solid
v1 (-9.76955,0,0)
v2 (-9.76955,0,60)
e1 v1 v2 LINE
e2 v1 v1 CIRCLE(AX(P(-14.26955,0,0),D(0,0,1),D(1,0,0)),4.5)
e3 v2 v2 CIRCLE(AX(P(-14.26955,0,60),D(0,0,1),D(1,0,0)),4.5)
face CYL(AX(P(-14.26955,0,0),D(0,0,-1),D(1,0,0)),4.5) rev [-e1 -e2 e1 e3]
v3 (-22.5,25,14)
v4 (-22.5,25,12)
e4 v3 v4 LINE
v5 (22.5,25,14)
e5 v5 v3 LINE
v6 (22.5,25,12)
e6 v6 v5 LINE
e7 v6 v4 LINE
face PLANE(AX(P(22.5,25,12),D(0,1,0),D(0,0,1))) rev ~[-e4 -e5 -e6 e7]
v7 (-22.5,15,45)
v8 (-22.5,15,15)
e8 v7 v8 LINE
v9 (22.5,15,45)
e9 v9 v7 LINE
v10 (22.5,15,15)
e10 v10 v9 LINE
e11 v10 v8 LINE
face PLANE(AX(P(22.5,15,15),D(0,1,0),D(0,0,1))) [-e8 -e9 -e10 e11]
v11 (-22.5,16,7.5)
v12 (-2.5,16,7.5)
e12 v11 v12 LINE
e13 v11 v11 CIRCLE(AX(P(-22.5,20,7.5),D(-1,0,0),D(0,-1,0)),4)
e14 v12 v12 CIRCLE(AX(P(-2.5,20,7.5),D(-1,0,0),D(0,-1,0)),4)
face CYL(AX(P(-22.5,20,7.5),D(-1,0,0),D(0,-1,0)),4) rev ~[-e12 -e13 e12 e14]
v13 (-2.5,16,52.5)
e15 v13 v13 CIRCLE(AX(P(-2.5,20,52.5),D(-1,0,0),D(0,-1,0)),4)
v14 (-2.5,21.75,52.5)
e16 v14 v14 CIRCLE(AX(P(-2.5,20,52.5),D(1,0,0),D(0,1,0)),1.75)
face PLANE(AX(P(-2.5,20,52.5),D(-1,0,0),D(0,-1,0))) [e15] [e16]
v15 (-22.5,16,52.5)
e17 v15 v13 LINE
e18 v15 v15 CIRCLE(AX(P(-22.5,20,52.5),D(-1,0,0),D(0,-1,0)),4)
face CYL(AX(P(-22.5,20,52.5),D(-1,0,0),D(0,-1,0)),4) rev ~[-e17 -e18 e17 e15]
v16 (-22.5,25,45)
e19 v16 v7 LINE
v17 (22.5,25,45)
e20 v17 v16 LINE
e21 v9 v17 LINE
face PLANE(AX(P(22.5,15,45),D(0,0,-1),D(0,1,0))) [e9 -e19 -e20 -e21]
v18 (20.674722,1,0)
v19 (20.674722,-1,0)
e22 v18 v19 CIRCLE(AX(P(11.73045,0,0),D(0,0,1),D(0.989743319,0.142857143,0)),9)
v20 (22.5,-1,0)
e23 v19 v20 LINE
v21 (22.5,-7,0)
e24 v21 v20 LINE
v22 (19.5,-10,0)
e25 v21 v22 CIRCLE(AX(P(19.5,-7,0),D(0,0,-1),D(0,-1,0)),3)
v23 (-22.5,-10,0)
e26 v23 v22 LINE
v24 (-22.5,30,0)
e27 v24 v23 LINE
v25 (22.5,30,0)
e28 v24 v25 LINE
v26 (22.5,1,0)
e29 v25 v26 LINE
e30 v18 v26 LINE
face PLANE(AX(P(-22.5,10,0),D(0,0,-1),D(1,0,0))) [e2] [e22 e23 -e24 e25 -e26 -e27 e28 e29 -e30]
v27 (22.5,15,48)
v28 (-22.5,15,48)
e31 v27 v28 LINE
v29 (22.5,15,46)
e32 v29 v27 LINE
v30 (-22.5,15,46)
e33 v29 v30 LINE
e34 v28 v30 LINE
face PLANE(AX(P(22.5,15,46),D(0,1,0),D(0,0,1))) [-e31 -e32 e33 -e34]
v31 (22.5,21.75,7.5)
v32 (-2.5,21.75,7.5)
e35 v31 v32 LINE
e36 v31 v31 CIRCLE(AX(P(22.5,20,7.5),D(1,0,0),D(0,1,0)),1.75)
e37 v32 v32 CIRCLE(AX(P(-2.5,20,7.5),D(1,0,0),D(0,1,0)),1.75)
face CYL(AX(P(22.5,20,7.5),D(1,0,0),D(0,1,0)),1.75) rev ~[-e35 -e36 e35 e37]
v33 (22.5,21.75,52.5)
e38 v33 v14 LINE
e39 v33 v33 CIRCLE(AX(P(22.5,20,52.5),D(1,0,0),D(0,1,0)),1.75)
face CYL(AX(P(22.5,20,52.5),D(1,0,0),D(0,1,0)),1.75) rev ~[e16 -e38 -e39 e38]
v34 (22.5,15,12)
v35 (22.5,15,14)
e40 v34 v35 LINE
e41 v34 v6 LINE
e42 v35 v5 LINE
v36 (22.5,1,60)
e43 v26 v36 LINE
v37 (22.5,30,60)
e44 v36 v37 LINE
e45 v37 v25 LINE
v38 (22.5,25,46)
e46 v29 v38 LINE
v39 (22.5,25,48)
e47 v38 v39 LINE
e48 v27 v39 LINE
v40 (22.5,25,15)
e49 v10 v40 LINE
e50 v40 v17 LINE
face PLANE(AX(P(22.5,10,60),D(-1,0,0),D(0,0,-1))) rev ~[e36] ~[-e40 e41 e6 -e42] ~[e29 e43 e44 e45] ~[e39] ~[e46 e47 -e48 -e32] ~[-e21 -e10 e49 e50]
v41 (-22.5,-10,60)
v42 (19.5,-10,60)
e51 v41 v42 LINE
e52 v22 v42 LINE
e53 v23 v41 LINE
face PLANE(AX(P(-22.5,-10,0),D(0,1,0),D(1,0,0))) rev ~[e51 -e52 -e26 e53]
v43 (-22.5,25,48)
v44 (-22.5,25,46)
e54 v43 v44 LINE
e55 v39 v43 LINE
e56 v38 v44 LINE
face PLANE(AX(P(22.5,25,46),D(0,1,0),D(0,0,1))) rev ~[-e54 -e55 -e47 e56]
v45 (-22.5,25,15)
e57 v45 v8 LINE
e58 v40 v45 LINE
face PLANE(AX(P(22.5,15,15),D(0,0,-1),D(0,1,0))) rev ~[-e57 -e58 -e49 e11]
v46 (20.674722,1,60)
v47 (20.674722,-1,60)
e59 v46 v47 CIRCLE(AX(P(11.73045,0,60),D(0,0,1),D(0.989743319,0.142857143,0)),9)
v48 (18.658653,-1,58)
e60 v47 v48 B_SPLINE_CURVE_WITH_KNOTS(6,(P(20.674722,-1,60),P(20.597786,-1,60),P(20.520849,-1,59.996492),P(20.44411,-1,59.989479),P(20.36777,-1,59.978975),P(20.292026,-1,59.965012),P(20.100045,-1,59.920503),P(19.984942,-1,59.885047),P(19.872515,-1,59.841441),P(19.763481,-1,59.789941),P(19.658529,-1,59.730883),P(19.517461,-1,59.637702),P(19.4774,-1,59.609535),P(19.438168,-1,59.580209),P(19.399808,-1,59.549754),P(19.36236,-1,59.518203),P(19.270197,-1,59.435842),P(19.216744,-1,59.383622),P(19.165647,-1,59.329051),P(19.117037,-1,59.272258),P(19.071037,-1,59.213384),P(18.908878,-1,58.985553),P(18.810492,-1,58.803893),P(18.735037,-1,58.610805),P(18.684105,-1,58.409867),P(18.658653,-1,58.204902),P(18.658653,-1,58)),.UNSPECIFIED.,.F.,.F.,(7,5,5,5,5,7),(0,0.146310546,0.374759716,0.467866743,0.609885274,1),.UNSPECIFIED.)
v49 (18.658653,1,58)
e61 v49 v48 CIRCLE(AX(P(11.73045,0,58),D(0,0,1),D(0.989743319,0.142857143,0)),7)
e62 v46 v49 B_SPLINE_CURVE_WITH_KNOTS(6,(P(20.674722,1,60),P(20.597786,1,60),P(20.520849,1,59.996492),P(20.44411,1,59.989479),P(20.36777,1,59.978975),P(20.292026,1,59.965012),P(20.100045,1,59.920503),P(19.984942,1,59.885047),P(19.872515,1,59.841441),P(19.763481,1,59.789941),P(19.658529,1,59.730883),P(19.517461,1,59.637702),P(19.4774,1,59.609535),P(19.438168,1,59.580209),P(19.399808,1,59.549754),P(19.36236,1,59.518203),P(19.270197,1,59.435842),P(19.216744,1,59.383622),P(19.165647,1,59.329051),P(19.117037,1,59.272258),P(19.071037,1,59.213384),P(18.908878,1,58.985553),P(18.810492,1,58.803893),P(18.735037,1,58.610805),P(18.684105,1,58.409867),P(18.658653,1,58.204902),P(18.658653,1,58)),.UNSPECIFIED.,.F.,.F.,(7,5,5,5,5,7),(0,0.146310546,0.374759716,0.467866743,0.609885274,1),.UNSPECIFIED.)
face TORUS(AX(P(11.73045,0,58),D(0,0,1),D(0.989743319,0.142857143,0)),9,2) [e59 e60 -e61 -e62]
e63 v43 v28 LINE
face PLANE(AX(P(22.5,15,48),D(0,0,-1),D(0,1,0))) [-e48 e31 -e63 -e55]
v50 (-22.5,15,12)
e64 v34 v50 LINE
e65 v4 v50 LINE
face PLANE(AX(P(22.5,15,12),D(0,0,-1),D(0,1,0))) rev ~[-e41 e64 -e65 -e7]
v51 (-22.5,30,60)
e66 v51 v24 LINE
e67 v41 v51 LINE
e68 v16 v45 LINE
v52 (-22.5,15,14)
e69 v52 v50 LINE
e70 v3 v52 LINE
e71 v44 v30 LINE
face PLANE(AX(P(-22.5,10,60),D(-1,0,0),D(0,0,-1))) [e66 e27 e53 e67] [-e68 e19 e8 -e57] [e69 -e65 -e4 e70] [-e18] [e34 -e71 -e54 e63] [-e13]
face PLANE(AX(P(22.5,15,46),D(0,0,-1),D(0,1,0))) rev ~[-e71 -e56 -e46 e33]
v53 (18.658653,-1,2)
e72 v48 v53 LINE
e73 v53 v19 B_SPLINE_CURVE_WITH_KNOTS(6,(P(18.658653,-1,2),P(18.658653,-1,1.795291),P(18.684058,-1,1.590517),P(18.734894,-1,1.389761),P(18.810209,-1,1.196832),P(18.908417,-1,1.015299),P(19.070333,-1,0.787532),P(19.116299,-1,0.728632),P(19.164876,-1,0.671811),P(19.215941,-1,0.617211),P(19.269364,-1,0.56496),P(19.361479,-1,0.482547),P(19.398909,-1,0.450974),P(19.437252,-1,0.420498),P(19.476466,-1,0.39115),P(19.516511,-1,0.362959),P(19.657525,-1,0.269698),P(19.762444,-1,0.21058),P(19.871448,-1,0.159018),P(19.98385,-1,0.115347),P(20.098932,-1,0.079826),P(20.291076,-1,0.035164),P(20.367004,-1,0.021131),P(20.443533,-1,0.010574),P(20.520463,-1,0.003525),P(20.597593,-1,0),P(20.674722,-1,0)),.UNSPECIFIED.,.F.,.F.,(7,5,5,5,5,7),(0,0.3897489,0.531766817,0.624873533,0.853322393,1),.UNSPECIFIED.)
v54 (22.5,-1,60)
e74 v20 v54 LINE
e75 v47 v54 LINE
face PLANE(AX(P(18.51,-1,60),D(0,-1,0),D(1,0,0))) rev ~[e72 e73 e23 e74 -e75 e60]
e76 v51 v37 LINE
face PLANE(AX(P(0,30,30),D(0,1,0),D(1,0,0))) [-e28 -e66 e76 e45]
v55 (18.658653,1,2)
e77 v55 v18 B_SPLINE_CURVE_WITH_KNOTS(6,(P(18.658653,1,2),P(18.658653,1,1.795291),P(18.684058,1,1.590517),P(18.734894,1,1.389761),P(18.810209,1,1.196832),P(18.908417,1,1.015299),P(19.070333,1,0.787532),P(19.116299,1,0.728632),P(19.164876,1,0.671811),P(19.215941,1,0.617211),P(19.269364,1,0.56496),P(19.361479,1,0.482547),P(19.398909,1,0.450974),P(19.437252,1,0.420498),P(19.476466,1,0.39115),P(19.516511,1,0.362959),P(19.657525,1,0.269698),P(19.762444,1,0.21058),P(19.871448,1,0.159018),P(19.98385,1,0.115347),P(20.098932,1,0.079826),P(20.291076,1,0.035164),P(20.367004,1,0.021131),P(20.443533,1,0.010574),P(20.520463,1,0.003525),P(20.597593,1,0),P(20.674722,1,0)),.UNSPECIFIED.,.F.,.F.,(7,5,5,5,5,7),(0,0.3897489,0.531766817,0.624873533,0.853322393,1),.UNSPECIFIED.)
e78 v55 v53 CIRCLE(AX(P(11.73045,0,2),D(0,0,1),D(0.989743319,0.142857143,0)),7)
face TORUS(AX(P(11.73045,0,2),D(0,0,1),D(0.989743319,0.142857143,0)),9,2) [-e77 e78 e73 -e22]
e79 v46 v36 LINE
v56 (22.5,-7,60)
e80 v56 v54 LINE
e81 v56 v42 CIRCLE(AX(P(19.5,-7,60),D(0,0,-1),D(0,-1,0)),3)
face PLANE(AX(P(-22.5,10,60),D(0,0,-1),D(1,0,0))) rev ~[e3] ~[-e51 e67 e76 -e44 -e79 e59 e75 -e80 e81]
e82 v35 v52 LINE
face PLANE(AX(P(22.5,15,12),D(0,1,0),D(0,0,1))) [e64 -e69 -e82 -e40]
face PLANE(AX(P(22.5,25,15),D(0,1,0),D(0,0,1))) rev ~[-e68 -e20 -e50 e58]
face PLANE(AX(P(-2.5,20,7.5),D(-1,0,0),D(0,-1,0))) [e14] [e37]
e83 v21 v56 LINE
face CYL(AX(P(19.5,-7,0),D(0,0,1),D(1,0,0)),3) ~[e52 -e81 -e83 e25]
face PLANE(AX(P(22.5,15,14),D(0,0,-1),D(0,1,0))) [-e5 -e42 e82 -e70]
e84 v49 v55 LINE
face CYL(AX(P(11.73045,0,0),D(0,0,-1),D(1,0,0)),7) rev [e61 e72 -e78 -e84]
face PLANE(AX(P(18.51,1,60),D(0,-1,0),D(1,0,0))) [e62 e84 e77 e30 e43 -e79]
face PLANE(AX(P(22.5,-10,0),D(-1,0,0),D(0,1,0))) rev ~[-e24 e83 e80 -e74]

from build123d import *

# Parameters (mm, degrees)
SKETCH051_W       = 45
SKETCH051_H       = 20
SKETCH051_R       = 4.5
SKETCH051_R_2     = 7
PAD029_DEPTH      = 60
SKETCH052_W       = 4
SKETCH052_H       = 2
POCKET025_DEPTH   = 60.001
POCKET025_FACE1_W = 45
POCKET025_FACE1_H = 60
PAD030_DEPTH      = 20
FILLET001_R       = 3
FILLET002_R       = 2
FILLET003_R       = 2
SKETCH054_R       = 4
POCKET026_DEPTH   = 20
SKETCH053_R       = 1.75
SKETCH053_W       = 10
SKETCH053_H       = 30
SKETCH053_H_2     = 2
POCKET027_DEPTH   = 45.001


with BuildPart() as part:
    # Sketch051 → Pad029 (new body)
    with BuildSketch(Plane.XY):
        Rectangle(SKETCH051_W, SKETCH051_H)
        with Locations((-14.26955, 0)):
            Circle(SKETCH051_R, mode=Mode.SUBTRACT)
        with Locations((11.73045, 0)):
            Circle(SKETCH051_R_2, mode=Mode.SUBTRACT)
    extrude(amount=PAD029_DEPTH)

    # Sketch052 (on Face8 of Pad029) → Pocket025 (cut, through all)
    with BuildSketch(Plane.XY.offset(60)):
        with Locations((20.51, 0)):
            Rectangle(SKETCH052_W, SKETCH052_H)
    extrude(amount=-POCKET025_DEPTH, mode=Mode.SUBTRACT)

    # Pocket025 Face1 → Pad030 (add)
    with BuildSketch(Plane(origin=(0, 10, 30), x_dir=(1, 0, 0), z_dir=(0, 1, 0))):
        Rectangle(POCKET025_FACE1_W, POCKET025_FACE1_H)
    extrude(amount=PAD030_DEPTH)

    # Fillet001
    fillet001_edges = [part.edges().sort_by_distance(p)[0] for p in [
        (22.5, -10, 30),
    ]]
    fillet(fillet001_edges, radius=FILLET001_R)

    # Fillet002
    fillet002_edges = [part.edges().sort_by_distance(p)[0] for p in [
        (4.73045, 0, 60),
    ]]
    fillet(fillet002_edges, radius=FILLET002_R)

    # Fillet003
    fillet003_edges = [part.edges().sort_by_distance(p)[0] for p in [
        (4.73045, 0, 0),
    ]]
    fillet(fillet003_edges, radius=FILLET003_R)

    # Sketch054 (on Face3 of Pad030) → Pocket026 (cut)
    with BuildSketch(Plane(origin=(-22.5, 0, 0), x_dir=(0, -1, 0), z_dir=(-1, 0, 0))):
        with Locations((-20, 52.5)):
            Circle(SKETCH054_R)
        with Locations((-20, 7.5)):
            Circle(SKETCH054_R)
    extrude(amount=-POCKET026_DEPTH, mode=Mode.SUBTRACT)

    # Sketch053 (on Face15 of Pad030) → Pocket027 (cut, through all)
    with BuildSketch(Plane.YZ.offset(22.5)):
        with Locations((20, 52.5)):
            Circle(SKETCH053_R)
        with Locations((20, 7.5)):
            Circle(SKETCH053_R)
        with Locations((20, 30)):
            Rectangle(SKETCH053_W, SKETCH053_H)
        with Locations((20, 47)):
            Rectangle(SKETCH053_W, SKETCH053_H_2)
        with Locations((20, 13)):
            Rectangle(SKETCH053_W, SKETCH053_H_2)
    extrude(amount=-POCKET027_DEPTH, mode=Mode.SUBTRACT)


solid = part.part
